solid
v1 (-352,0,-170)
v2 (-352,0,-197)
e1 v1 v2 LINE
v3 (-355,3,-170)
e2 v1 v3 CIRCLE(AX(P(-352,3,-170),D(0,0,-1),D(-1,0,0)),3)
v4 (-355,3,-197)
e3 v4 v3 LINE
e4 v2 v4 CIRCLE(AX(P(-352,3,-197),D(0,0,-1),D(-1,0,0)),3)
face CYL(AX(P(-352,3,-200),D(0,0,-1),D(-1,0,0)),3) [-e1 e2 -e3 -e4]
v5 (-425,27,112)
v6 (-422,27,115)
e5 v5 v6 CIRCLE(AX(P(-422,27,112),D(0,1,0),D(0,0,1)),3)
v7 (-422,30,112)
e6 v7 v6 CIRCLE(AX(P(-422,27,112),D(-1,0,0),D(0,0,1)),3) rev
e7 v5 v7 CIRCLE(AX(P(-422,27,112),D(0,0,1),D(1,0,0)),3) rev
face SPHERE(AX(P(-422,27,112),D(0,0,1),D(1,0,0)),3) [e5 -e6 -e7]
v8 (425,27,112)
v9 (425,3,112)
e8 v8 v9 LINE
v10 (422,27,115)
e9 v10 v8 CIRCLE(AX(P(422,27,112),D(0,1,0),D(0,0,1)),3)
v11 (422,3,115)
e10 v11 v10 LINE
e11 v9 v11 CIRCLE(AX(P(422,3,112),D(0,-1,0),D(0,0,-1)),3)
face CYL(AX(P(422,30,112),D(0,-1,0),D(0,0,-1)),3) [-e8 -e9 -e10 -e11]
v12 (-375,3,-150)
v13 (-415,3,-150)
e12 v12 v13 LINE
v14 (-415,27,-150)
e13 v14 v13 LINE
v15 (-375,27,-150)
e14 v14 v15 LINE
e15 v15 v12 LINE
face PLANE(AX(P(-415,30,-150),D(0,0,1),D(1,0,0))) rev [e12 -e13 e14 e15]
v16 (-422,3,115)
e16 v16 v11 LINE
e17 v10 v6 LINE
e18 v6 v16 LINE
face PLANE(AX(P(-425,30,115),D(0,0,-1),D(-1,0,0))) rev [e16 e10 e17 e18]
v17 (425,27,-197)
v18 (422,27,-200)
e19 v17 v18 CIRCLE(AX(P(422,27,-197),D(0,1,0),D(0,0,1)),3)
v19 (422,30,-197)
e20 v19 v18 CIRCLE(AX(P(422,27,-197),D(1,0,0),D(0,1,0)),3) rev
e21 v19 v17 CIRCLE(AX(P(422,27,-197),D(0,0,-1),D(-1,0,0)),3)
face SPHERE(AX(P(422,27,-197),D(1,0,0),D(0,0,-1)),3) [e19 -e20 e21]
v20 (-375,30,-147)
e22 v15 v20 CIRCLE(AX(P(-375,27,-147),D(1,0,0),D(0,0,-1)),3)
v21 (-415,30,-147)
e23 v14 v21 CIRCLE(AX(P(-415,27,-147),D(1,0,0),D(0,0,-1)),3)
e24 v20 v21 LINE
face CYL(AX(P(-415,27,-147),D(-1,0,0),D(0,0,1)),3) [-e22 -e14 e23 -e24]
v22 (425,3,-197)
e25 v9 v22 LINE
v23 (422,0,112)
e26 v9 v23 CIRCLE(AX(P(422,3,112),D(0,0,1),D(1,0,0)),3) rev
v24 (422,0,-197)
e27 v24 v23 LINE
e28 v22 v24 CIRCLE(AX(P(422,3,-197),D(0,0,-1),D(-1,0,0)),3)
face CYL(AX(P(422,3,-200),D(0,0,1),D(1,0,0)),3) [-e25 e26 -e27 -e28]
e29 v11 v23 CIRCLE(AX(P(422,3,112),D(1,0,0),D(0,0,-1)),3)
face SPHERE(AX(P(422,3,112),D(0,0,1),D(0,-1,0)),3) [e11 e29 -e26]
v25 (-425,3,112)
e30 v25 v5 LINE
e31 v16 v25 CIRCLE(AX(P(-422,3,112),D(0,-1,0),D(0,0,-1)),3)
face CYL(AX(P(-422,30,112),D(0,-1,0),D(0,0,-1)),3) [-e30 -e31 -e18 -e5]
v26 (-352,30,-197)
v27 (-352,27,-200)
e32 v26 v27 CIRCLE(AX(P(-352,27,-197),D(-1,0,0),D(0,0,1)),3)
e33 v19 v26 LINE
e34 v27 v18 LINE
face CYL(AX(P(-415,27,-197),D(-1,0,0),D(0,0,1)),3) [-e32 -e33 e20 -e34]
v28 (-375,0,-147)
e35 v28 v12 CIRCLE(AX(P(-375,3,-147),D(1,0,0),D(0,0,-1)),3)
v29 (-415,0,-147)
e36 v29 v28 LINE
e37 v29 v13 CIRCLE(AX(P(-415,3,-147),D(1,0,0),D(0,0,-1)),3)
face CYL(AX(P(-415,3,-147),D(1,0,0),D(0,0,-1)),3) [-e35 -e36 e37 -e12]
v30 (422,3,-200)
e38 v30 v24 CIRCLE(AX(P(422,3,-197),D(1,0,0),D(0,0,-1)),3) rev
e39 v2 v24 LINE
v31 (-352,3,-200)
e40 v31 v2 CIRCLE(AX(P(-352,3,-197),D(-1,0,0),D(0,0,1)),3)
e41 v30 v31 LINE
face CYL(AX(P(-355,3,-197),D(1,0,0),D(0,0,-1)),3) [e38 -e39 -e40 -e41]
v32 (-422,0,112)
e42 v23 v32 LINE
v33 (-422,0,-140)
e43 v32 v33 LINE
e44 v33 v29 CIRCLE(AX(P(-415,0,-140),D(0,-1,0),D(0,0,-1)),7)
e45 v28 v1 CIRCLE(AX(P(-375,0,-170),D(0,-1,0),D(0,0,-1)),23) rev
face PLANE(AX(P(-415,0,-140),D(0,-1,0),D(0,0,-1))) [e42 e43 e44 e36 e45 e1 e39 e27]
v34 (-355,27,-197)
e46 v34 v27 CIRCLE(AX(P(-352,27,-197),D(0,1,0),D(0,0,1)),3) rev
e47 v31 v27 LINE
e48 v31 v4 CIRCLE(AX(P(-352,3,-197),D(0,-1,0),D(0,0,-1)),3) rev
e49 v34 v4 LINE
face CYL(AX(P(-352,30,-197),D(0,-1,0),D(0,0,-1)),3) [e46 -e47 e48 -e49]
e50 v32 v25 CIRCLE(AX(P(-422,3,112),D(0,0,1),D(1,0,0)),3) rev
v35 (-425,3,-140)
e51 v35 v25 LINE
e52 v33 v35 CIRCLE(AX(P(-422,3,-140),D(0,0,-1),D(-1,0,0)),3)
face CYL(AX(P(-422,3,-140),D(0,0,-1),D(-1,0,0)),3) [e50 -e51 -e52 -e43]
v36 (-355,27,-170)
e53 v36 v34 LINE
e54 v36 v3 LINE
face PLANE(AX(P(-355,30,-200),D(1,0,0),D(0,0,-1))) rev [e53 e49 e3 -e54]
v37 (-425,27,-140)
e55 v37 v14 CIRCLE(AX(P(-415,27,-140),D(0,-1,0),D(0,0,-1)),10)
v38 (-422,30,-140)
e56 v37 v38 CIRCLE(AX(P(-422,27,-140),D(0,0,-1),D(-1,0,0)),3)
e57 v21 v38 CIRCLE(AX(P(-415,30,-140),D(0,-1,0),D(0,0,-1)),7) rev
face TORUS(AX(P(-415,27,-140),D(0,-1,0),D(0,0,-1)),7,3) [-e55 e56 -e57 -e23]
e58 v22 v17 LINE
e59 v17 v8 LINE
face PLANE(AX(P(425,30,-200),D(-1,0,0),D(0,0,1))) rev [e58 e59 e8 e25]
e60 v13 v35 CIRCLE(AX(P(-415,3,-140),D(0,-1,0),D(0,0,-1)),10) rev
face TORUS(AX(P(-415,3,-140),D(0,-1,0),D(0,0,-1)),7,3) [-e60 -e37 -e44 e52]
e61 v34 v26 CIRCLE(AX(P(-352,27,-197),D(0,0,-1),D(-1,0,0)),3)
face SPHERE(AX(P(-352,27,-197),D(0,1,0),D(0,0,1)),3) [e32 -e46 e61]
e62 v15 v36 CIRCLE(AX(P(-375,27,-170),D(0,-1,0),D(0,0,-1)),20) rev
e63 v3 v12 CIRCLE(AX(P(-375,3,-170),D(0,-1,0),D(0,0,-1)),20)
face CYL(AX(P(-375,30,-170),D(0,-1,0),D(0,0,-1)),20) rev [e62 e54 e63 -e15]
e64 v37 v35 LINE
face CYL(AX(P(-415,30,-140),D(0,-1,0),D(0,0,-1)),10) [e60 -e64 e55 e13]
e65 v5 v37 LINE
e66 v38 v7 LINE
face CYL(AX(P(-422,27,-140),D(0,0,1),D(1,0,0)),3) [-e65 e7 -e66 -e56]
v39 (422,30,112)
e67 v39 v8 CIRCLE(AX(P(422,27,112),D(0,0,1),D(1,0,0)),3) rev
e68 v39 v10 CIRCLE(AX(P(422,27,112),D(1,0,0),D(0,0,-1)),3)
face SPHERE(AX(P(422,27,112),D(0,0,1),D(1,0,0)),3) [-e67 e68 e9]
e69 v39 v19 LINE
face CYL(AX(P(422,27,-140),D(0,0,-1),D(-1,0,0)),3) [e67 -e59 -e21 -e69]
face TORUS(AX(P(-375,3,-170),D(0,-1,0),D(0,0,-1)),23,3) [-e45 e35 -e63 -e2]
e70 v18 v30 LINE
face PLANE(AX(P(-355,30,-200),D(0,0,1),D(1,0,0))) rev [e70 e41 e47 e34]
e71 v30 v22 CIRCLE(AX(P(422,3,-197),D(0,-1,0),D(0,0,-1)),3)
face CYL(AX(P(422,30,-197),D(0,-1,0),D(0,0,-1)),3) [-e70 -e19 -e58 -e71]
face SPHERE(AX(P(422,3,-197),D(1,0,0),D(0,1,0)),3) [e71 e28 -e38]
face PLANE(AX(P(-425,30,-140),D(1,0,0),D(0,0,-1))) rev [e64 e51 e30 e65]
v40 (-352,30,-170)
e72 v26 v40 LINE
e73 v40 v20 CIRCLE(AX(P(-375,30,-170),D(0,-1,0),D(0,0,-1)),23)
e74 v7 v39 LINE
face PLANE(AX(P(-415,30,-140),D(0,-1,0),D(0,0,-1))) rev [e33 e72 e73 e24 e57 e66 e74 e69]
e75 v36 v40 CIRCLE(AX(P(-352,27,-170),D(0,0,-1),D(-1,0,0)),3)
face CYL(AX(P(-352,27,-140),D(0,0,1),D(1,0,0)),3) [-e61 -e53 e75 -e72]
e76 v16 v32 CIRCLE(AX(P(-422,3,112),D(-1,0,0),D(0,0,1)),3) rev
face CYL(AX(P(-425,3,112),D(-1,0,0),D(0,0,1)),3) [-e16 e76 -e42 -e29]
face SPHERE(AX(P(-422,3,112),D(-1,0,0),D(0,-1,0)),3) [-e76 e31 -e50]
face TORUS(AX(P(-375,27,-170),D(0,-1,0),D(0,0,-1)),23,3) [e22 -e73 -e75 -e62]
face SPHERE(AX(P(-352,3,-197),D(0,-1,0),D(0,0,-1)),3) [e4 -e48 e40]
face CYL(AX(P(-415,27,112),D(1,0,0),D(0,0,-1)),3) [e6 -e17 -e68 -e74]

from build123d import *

# Parameters (mm, degrees)
EXTRUDE_1_DEPTH = 30
FILLET_2_R      = 3


with BuildPart() as part:
    # 草图1 → 凸台-拉伸1 (new body)
    with BuildSketch(Plane(origin=(0, 0, 0), x_dir=(1, 0, 0), z_dir=(0, 1, 0))):
        with BuildLine():
            Line((-425, 140), (-425, -115))
            Line((-425, -115), (425, -115))
            Line((425, -115), (425, 200))
            Line((425, 200), (-355, 200))
            Line((-355, 200), (-355, 170))
            ThreePointArc((-355, 170), (-360.857864376, 155.857864376), (-375, 150))
            Line((-375, 150), (-415, 150))
            ThreePointArc((-415, 150), (-422.071067812, 147.071067812), (-425, 140))
        make_face()
    extrude(amount=EXTRUDE_1_DEPTH)

    # 圆角2
    fillet_2_edges = [part.edges().sort_by_distance(p)[0] for p in [
        (-360.857864376, 0, -155.857864376),
        (-355, 0, -185),
        (35, 0, -200),
        (425, 0, -42.5),
        (-355, 30, -185),
        (425, 15, 115),
        (-425, 15, 115),
        (-355, 15, -200),
        (425, 15, -200),
        (-360.857864376, 30, -155.857864376),
        (-395, 30, -150),
        (-422.071067812, 30, -147.071067812),
        (-425, 30, -12.5),
        (0, 30, 115),
        (425, 30, -42.5),
        (0, 0, 115),
        (35, 30, -200),
        (-425, 0, -12.5),
        (-422.071067812, 0, -147.071067812),
        (-395, 0, -150),
    ]]
    fillet(fillet_2_edges, radius=FILLET_2_R)


solid = part.part
